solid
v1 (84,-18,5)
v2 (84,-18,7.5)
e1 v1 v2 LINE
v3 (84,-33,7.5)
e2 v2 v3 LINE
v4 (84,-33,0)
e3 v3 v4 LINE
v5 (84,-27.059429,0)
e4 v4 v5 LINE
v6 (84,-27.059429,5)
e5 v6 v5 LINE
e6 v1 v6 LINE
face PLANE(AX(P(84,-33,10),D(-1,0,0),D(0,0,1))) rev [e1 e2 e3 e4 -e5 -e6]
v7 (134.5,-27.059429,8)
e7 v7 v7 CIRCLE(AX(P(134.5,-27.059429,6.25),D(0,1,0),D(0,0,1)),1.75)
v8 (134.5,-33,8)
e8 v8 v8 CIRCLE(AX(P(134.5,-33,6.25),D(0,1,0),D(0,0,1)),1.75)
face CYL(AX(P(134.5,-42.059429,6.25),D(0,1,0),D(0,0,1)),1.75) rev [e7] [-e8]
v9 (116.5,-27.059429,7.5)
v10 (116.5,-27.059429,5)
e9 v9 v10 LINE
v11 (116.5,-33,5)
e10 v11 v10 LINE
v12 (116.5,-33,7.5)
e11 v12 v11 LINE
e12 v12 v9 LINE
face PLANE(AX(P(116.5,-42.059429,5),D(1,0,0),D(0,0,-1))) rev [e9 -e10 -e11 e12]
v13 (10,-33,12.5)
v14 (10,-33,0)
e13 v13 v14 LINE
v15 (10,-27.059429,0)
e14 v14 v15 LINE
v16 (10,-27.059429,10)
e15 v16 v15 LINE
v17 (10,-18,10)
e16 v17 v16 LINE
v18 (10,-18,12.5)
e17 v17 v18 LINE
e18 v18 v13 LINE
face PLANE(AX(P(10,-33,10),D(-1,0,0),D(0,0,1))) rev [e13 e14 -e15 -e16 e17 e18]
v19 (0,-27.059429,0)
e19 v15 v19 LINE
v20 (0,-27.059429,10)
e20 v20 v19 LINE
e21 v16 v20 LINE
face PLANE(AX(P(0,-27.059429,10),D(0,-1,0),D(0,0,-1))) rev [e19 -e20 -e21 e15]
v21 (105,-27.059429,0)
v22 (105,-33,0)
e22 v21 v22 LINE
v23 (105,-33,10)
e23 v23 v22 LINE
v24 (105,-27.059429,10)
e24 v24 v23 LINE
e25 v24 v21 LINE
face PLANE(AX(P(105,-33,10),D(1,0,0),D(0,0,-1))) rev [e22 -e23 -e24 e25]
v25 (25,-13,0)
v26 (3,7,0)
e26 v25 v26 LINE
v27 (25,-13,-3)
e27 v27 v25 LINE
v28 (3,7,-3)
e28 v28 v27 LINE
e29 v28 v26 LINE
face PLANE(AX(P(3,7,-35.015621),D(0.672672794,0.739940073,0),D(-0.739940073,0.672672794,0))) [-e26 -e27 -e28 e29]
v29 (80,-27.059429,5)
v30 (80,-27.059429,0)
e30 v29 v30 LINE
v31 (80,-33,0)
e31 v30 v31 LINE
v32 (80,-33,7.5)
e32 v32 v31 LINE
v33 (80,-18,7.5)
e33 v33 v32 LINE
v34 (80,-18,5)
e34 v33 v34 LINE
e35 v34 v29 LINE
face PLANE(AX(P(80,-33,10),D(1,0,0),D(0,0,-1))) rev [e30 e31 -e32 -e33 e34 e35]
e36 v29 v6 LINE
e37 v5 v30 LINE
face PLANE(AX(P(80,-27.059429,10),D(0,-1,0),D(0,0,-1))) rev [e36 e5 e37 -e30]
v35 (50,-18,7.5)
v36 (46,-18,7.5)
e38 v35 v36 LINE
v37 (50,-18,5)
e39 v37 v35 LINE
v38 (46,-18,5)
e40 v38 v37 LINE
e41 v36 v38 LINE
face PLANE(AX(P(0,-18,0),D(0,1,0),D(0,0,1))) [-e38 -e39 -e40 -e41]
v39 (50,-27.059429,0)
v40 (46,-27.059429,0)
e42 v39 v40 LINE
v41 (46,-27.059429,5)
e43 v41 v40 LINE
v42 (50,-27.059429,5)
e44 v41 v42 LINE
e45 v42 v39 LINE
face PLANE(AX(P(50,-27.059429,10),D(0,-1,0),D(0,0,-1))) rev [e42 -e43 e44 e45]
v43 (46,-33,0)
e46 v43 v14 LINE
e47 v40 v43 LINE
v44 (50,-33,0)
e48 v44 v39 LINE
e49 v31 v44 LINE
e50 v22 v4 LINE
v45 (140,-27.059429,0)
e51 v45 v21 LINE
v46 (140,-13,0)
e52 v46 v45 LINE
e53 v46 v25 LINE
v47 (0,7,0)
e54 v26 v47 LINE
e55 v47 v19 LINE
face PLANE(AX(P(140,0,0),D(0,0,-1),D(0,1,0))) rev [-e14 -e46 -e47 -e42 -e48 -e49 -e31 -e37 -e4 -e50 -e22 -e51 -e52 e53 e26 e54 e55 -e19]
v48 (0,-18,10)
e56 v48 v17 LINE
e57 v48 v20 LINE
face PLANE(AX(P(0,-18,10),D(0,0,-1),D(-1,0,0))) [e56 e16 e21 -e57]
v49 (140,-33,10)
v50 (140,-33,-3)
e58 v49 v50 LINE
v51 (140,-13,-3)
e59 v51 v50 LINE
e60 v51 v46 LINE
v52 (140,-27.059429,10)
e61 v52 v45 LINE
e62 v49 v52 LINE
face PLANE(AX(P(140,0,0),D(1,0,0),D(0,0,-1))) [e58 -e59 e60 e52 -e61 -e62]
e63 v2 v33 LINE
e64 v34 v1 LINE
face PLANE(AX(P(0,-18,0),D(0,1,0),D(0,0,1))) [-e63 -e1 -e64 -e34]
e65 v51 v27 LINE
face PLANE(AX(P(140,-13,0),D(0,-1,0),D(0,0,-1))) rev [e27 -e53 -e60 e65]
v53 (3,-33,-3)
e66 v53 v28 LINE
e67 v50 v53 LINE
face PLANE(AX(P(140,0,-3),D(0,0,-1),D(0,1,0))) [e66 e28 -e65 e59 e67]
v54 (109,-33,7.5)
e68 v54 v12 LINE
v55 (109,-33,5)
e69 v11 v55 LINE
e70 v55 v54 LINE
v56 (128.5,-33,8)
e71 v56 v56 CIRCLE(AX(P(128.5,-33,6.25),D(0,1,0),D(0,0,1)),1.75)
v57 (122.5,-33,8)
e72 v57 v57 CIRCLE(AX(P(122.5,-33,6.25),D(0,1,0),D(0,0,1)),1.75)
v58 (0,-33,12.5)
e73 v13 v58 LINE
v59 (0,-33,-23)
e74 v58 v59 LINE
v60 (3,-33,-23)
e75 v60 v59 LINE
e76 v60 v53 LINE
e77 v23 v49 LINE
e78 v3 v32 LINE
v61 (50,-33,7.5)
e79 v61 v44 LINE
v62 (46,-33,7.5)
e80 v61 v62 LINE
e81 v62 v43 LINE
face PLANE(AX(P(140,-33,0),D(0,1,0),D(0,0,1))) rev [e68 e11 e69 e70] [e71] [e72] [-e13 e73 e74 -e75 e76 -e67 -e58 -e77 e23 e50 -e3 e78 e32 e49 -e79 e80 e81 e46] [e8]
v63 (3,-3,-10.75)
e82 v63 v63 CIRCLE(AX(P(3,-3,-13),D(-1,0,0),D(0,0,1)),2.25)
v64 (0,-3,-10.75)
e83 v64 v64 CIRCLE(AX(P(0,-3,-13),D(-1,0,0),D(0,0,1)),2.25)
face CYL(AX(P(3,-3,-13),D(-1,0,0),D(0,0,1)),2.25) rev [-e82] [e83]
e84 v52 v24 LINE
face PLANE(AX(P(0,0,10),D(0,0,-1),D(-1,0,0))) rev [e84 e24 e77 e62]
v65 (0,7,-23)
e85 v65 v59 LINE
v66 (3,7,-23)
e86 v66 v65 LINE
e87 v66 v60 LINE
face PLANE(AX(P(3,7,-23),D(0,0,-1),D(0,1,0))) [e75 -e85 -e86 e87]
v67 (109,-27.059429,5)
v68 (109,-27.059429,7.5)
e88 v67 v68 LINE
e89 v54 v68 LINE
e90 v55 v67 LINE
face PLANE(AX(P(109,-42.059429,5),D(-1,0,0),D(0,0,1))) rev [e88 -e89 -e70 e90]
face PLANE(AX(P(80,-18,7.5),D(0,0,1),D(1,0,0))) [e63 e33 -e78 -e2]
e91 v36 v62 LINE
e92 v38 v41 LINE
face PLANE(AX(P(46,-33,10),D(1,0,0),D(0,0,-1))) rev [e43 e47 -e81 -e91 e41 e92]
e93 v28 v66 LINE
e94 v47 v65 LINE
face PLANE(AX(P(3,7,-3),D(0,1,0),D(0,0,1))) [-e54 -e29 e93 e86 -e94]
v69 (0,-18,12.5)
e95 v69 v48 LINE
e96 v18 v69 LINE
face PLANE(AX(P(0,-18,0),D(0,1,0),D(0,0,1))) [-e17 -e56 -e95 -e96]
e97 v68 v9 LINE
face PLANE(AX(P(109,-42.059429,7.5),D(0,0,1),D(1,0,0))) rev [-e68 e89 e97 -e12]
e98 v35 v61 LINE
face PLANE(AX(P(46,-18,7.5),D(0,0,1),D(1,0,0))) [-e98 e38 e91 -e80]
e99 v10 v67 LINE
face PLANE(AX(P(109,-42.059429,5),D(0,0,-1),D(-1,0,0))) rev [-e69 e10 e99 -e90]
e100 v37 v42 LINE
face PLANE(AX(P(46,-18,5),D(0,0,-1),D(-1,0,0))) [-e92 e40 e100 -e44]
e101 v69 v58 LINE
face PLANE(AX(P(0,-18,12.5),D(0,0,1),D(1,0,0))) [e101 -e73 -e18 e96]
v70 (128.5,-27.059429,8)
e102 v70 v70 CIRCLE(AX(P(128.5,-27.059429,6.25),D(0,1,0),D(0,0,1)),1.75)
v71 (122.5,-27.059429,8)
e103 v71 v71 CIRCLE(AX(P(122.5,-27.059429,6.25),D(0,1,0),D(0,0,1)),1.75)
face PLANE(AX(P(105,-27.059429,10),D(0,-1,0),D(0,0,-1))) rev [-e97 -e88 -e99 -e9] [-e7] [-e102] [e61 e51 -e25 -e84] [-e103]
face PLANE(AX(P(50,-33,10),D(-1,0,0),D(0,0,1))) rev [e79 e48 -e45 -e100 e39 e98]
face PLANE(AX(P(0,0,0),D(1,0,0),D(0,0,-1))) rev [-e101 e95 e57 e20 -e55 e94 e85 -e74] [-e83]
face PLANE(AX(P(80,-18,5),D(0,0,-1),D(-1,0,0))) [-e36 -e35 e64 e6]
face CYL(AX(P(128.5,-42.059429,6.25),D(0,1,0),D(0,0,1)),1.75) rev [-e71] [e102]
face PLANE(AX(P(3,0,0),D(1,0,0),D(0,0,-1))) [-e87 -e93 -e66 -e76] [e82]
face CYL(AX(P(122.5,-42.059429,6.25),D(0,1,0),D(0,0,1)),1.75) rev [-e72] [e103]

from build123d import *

# Parameters (mm, degrees)
SKETCH1_W           = 3
SKETCH1_H           = 20
BOSS_EXTRUDE1_DEPTH = 140
SKETCH3_W           = 10
SKETCH3_H           = 5.940571325
SKETCH3_W_2         = 4
SKETCH3_W_3         = 35
BOSS_EXTRUDE2_DEPTH = 10
SKETCH5_W           = 38
SKETCH5_H           = 5
CUT_EXTRUDE2_DEPTH  = 15
SKETCH6_W           = 10
SKETCH6_H           = 2.5
SKETCH6_W_2         = 4
BOSS_EXTRUDE4_DEPTH = 15
SKETCH7_R           = 1.75
SKETCH7_W           = 7.5
SKETCH7_H           = 2.5
CUT_EXTRUDE3_DEPTH  = 15
SKETCH9_W           = 20
SKETCH9_H           = 40
SKETCH9_R           = 2.25
BOSS_EXTRUDE5_DEPTH = 3
BOSS_EXTRUDE6_DEPTH = 3


with BuildPart() as part:
    # Sketch1 → Boss-Extrude1 (new body)
    with BuildSketch(Plane(origin=(0, 0, 0), x_dir=(0, 0, -1), z_dir=(1, 0, 0))):
        with Locations((1.5, -23)):
            Rectangle(SKETCH1_W, SKETCH1_H)
    extrude(amount=BOSS_EXTRUDE1_DEPTH)

    # Sketch3 → Boss-Extrude2 (add)
    with BuildSketch(Plane.XY):
        with Locations((5, -30.029714338)):
            Rectangle(SKETCH3_W, SKETCH3_H)
        with Locations((48, -30.029714338)):
            Rectangle(SKETCH3_W_2, SKETCH3_H)
        with Locations((82, -30.029714338)):
            Rectangle(SKETCH3_W_2, SKETCH3_H)
        with Locations((122.5, -30.029714338)):
            Rectangle(SKETCH3_W_3, SKETCH3_H)
    extrude(amount=BOSS_EXTRUDE2_DEPTH)

    # Sketch5 → Cut-Extrude2 (cut)
    with BuildSketch(Plane.XZ.offset(33)):
        with Locations((65, 7.5)):
            Rectangle(SKETCH5_W, SKETCH5_H)
    extrude(amount=-CUT_EXTRUDE2_DEPTH, mode=Mode.SUBTRACT)

    # Sketch6 → Boss-Extrude4 (add)
    with BuildSketch(Plane.XZ.offset(33)):
        with Locations((5, 11.25)):
            Rectangle(SKETCH6_W, SKETCH6_H)
        with Locations((48, 6.25)):
            Rectangle(SKETCH6_W_2, SKETCH6_H)
        with Locations((82, 6.25)):
            Rectangle(SKETCH6_W_2, SKETCH6_H)
    extrude(amount=-BOSS_EXTRUDE4_DEPTH)

    # Sketch7 → Cut-Extrude3 (cut)
    with BuildSketch(Plane(origin=(0, -27.059428675, 0), x_dir=(1, 0, 0), z_dir=(0, 1, 0))):
        with Locations((128.5, -6.25)):
            Circle(SKETCH7_R)
        with Locations((122.5, -6.25)):
            Circle(SKETCH7_R)
        with Locations((134.5, -6.25)):
            Circle(SKETCH7_R)
        with Locations((112.75, -6.25)):
            Rectangle(SKETCH7_W, SKETCH7_H)
    extrude(amount=-CUT_EXTRUDE3_DEPTH, mode=Mode.SUBTRACT)

    # Sketch9 → Boss-Extrude5 (add)
    with BuildSketch(Plane.ZY):
        with Locations((-13, -13)):
            Rectangle(SKETCH9_W, SKETCH9_H)
        with Locations((-13, -3)):
            Circle(SKETCH9_R, mode=Mode.SUBTRACT)
    extrude(amount=-BOSS_EXTRUDE5_DEPTH)

    # Sketch10 → Boss-Extrude6 (add)
    with BuildSketch(Plane.XY):
        Polygon((0, 7), (3, 7), (25, -13), (0, -13), align=None)
    extrude(amount=-BOSS_EXTRUDE6_DEPTH)


solid = part.part
